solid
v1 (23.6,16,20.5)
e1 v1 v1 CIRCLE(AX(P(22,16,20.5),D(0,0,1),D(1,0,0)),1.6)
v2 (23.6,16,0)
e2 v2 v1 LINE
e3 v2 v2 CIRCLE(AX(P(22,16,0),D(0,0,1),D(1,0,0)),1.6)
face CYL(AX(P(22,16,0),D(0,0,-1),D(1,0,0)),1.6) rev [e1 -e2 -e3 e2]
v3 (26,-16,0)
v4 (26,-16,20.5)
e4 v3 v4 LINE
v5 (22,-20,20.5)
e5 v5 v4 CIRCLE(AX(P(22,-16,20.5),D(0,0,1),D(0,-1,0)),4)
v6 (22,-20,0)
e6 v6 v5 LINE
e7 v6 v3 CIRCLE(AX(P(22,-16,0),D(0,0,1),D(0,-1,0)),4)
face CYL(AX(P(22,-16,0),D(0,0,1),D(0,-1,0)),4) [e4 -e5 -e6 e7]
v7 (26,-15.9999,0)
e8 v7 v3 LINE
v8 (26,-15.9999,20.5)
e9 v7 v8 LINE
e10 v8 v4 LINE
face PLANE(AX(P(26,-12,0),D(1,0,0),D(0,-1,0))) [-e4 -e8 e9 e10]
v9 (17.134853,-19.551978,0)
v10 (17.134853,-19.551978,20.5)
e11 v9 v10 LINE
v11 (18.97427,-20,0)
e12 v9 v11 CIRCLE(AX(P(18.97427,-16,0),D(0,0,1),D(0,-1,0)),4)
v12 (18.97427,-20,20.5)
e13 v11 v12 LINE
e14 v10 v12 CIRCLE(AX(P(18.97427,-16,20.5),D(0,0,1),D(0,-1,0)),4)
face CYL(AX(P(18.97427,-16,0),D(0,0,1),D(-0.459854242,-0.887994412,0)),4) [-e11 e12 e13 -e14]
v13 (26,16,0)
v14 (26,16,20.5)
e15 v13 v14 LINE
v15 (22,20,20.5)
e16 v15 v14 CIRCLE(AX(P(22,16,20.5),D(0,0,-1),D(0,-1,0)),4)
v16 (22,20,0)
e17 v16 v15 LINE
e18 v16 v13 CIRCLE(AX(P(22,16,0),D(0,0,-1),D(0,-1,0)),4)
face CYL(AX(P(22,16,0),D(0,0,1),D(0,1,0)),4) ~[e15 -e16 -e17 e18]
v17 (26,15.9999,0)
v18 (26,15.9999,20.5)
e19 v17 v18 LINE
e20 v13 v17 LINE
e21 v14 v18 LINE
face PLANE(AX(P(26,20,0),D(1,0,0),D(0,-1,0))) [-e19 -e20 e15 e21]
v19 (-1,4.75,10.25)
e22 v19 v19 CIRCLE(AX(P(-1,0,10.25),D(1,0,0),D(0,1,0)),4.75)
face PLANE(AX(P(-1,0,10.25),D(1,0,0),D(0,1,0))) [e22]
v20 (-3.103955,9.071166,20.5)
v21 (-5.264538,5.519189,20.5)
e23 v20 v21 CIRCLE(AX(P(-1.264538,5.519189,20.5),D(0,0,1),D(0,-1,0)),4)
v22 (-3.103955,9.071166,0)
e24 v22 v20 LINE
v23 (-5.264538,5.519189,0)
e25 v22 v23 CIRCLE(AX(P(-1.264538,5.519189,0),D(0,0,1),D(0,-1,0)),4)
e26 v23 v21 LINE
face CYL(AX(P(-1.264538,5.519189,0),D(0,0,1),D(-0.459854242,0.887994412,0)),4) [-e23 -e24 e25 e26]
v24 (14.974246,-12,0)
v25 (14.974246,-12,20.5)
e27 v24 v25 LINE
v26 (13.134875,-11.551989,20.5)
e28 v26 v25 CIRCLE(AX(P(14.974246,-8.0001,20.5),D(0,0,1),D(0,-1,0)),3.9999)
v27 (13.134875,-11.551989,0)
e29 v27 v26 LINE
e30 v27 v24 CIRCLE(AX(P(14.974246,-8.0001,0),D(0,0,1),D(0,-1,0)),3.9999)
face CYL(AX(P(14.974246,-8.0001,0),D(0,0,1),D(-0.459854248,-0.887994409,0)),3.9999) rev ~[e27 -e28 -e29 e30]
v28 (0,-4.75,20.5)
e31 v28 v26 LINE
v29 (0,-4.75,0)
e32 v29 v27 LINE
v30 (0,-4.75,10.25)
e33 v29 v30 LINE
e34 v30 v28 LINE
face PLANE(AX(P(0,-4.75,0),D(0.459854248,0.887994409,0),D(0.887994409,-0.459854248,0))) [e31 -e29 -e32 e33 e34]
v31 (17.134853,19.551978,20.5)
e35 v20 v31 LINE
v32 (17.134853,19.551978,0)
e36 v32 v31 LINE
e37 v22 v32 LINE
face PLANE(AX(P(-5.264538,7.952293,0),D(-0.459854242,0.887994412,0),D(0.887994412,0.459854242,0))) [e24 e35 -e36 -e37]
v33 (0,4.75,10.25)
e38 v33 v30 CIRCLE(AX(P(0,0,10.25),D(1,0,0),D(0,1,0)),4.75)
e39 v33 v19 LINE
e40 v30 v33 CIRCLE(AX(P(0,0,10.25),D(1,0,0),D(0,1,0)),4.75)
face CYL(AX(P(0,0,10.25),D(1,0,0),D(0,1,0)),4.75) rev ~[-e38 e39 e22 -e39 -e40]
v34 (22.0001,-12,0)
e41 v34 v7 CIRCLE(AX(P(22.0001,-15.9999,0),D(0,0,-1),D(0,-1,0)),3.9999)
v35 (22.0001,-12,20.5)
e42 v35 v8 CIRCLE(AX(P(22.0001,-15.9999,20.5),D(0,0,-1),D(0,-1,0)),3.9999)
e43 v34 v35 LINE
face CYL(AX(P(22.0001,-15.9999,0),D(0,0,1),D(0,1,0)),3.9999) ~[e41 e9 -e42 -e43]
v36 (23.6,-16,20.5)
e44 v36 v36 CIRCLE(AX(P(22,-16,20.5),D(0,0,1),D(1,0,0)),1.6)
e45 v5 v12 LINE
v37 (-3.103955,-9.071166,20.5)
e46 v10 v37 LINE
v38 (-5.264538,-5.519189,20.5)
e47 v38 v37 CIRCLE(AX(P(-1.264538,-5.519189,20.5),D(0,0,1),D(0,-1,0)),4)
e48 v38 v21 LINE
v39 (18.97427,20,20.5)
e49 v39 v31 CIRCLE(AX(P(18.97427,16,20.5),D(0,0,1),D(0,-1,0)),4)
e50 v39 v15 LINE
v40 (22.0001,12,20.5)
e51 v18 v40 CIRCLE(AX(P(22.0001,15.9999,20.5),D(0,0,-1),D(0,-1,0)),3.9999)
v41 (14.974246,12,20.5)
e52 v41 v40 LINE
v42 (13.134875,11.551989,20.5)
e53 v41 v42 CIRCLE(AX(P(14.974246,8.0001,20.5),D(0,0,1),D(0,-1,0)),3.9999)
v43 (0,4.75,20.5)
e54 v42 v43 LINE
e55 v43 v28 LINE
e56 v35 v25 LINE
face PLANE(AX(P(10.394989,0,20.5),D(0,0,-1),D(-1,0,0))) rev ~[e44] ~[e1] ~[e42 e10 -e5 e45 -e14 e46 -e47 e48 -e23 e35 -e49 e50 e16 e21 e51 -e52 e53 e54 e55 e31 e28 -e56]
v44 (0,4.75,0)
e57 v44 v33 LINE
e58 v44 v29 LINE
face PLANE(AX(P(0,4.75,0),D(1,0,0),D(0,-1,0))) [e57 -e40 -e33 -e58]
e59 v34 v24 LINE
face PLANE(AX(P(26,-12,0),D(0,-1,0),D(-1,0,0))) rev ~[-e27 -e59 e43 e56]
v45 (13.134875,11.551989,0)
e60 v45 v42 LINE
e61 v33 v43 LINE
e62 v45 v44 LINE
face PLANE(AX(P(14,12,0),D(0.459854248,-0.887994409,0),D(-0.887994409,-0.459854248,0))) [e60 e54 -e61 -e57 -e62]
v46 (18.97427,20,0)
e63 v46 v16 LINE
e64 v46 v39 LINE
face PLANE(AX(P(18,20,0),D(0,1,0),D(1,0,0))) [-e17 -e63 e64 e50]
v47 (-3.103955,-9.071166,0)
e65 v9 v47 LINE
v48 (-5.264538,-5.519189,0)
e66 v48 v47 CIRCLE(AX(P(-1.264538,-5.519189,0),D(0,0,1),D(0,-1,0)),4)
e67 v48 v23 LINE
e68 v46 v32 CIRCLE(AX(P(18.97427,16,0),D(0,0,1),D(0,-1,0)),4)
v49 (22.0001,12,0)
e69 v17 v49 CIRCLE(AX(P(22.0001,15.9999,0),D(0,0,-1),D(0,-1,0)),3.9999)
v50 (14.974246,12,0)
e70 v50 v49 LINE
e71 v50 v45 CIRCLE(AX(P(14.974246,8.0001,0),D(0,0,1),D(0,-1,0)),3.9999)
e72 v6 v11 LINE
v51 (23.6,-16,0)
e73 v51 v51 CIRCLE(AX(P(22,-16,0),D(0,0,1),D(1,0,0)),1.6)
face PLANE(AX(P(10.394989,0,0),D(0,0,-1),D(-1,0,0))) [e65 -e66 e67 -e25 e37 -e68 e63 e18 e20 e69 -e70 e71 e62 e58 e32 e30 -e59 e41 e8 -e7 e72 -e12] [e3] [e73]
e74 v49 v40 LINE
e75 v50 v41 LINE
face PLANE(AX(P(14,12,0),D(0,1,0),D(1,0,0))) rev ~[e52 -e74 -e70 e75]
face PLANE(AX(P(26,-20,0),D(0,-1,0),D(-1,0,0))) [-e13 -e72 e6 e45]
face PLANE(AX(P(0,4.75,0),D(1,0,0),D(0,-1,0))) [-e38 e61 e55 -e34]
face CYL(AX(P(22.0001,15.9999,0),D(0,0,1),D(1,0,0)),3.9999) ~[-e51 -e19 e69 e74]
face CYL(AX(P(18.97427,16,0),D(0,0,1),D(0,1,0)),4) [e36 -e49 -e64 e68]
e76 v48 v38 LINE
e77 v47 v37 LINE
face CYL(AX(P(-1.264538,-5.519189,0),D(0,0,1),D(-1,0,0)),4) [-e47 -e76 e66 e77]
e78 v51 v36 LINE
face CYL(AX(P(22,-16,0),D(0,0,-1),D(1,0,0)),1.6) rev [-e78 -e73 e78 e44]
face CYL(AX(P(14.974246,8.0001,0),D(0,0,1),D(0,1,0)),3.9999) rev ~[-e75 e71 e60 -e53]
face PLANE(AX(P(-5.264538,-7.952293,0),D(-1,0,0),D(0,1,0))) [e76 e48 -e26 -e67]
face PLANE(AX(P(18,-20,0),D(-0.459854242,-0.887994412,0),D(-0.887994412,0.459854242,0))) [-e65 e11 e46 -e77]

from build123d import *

# Parameters (mm, degrees)
SKETCH_R     = 1.6
PAD_DEPTH    = 20.5
SKETCH001_R  = 4.75
POCKET_DEPTH = 1
FILLET_R     = 4
FILLET001_R  = 3.9999


with BuildPart() as part:
    # Sketch → Pad (new body)
    with BuildSketch(Plane.XY):
        Polygon((18, 20), (26, 20), (26, 12), (18, 12), (14, 12), (0, 4.75), (0, -4.75), (14, -12), (18, -12), (26, -12), (26, -20), (18, -20), (-5.264538, -7.952293), (-5.264538, 7.952293), align=None)
        with Locations((22, 16)):
            Circle(SKETCH_R, mode=Mode.SUBTRACT)
        with Locations((22, -16)):
            Circle(SKETCH_R, mode=Mode.SUBTRACT)
    extrude(amount=PAD_DEPTH)

    # Sketch001 → Pocket (cut)
    with BuildSketch(Plane.YZ):
        with Locations((0, 10.25)):
            Circle(SKETCH001_R)
    extrude(amount=-POCKET_DEPTH, mode=Mode.SUBTRACT)

    # Fillet
    fillet_edges = [part.edges().sort_by_distance(p)[0] for p in [
        (26, -20, 10.25),
        (18, -20, 10.25),
        (-5.264538, -7.952293, 10.25),
        (-5.264538, 7.952293, 10.25),
        (18, 20, 10.25),
        (26, 20, 10.25),
    ]]
    fillet(fillet_edges, radius=FILLET_R)

    # Fillet001
    fillet001_edges = [part.edges().sort_by_distance(p)[0] for p in [
        (26, -12, 10.25),
        (14, -12, 10.25),
        (14, 12, 10.25),
        (26, 12, 10.25),
    ]]
    fillet(fillet001_edges, radius=FILLET001_R)


solid = part.part
